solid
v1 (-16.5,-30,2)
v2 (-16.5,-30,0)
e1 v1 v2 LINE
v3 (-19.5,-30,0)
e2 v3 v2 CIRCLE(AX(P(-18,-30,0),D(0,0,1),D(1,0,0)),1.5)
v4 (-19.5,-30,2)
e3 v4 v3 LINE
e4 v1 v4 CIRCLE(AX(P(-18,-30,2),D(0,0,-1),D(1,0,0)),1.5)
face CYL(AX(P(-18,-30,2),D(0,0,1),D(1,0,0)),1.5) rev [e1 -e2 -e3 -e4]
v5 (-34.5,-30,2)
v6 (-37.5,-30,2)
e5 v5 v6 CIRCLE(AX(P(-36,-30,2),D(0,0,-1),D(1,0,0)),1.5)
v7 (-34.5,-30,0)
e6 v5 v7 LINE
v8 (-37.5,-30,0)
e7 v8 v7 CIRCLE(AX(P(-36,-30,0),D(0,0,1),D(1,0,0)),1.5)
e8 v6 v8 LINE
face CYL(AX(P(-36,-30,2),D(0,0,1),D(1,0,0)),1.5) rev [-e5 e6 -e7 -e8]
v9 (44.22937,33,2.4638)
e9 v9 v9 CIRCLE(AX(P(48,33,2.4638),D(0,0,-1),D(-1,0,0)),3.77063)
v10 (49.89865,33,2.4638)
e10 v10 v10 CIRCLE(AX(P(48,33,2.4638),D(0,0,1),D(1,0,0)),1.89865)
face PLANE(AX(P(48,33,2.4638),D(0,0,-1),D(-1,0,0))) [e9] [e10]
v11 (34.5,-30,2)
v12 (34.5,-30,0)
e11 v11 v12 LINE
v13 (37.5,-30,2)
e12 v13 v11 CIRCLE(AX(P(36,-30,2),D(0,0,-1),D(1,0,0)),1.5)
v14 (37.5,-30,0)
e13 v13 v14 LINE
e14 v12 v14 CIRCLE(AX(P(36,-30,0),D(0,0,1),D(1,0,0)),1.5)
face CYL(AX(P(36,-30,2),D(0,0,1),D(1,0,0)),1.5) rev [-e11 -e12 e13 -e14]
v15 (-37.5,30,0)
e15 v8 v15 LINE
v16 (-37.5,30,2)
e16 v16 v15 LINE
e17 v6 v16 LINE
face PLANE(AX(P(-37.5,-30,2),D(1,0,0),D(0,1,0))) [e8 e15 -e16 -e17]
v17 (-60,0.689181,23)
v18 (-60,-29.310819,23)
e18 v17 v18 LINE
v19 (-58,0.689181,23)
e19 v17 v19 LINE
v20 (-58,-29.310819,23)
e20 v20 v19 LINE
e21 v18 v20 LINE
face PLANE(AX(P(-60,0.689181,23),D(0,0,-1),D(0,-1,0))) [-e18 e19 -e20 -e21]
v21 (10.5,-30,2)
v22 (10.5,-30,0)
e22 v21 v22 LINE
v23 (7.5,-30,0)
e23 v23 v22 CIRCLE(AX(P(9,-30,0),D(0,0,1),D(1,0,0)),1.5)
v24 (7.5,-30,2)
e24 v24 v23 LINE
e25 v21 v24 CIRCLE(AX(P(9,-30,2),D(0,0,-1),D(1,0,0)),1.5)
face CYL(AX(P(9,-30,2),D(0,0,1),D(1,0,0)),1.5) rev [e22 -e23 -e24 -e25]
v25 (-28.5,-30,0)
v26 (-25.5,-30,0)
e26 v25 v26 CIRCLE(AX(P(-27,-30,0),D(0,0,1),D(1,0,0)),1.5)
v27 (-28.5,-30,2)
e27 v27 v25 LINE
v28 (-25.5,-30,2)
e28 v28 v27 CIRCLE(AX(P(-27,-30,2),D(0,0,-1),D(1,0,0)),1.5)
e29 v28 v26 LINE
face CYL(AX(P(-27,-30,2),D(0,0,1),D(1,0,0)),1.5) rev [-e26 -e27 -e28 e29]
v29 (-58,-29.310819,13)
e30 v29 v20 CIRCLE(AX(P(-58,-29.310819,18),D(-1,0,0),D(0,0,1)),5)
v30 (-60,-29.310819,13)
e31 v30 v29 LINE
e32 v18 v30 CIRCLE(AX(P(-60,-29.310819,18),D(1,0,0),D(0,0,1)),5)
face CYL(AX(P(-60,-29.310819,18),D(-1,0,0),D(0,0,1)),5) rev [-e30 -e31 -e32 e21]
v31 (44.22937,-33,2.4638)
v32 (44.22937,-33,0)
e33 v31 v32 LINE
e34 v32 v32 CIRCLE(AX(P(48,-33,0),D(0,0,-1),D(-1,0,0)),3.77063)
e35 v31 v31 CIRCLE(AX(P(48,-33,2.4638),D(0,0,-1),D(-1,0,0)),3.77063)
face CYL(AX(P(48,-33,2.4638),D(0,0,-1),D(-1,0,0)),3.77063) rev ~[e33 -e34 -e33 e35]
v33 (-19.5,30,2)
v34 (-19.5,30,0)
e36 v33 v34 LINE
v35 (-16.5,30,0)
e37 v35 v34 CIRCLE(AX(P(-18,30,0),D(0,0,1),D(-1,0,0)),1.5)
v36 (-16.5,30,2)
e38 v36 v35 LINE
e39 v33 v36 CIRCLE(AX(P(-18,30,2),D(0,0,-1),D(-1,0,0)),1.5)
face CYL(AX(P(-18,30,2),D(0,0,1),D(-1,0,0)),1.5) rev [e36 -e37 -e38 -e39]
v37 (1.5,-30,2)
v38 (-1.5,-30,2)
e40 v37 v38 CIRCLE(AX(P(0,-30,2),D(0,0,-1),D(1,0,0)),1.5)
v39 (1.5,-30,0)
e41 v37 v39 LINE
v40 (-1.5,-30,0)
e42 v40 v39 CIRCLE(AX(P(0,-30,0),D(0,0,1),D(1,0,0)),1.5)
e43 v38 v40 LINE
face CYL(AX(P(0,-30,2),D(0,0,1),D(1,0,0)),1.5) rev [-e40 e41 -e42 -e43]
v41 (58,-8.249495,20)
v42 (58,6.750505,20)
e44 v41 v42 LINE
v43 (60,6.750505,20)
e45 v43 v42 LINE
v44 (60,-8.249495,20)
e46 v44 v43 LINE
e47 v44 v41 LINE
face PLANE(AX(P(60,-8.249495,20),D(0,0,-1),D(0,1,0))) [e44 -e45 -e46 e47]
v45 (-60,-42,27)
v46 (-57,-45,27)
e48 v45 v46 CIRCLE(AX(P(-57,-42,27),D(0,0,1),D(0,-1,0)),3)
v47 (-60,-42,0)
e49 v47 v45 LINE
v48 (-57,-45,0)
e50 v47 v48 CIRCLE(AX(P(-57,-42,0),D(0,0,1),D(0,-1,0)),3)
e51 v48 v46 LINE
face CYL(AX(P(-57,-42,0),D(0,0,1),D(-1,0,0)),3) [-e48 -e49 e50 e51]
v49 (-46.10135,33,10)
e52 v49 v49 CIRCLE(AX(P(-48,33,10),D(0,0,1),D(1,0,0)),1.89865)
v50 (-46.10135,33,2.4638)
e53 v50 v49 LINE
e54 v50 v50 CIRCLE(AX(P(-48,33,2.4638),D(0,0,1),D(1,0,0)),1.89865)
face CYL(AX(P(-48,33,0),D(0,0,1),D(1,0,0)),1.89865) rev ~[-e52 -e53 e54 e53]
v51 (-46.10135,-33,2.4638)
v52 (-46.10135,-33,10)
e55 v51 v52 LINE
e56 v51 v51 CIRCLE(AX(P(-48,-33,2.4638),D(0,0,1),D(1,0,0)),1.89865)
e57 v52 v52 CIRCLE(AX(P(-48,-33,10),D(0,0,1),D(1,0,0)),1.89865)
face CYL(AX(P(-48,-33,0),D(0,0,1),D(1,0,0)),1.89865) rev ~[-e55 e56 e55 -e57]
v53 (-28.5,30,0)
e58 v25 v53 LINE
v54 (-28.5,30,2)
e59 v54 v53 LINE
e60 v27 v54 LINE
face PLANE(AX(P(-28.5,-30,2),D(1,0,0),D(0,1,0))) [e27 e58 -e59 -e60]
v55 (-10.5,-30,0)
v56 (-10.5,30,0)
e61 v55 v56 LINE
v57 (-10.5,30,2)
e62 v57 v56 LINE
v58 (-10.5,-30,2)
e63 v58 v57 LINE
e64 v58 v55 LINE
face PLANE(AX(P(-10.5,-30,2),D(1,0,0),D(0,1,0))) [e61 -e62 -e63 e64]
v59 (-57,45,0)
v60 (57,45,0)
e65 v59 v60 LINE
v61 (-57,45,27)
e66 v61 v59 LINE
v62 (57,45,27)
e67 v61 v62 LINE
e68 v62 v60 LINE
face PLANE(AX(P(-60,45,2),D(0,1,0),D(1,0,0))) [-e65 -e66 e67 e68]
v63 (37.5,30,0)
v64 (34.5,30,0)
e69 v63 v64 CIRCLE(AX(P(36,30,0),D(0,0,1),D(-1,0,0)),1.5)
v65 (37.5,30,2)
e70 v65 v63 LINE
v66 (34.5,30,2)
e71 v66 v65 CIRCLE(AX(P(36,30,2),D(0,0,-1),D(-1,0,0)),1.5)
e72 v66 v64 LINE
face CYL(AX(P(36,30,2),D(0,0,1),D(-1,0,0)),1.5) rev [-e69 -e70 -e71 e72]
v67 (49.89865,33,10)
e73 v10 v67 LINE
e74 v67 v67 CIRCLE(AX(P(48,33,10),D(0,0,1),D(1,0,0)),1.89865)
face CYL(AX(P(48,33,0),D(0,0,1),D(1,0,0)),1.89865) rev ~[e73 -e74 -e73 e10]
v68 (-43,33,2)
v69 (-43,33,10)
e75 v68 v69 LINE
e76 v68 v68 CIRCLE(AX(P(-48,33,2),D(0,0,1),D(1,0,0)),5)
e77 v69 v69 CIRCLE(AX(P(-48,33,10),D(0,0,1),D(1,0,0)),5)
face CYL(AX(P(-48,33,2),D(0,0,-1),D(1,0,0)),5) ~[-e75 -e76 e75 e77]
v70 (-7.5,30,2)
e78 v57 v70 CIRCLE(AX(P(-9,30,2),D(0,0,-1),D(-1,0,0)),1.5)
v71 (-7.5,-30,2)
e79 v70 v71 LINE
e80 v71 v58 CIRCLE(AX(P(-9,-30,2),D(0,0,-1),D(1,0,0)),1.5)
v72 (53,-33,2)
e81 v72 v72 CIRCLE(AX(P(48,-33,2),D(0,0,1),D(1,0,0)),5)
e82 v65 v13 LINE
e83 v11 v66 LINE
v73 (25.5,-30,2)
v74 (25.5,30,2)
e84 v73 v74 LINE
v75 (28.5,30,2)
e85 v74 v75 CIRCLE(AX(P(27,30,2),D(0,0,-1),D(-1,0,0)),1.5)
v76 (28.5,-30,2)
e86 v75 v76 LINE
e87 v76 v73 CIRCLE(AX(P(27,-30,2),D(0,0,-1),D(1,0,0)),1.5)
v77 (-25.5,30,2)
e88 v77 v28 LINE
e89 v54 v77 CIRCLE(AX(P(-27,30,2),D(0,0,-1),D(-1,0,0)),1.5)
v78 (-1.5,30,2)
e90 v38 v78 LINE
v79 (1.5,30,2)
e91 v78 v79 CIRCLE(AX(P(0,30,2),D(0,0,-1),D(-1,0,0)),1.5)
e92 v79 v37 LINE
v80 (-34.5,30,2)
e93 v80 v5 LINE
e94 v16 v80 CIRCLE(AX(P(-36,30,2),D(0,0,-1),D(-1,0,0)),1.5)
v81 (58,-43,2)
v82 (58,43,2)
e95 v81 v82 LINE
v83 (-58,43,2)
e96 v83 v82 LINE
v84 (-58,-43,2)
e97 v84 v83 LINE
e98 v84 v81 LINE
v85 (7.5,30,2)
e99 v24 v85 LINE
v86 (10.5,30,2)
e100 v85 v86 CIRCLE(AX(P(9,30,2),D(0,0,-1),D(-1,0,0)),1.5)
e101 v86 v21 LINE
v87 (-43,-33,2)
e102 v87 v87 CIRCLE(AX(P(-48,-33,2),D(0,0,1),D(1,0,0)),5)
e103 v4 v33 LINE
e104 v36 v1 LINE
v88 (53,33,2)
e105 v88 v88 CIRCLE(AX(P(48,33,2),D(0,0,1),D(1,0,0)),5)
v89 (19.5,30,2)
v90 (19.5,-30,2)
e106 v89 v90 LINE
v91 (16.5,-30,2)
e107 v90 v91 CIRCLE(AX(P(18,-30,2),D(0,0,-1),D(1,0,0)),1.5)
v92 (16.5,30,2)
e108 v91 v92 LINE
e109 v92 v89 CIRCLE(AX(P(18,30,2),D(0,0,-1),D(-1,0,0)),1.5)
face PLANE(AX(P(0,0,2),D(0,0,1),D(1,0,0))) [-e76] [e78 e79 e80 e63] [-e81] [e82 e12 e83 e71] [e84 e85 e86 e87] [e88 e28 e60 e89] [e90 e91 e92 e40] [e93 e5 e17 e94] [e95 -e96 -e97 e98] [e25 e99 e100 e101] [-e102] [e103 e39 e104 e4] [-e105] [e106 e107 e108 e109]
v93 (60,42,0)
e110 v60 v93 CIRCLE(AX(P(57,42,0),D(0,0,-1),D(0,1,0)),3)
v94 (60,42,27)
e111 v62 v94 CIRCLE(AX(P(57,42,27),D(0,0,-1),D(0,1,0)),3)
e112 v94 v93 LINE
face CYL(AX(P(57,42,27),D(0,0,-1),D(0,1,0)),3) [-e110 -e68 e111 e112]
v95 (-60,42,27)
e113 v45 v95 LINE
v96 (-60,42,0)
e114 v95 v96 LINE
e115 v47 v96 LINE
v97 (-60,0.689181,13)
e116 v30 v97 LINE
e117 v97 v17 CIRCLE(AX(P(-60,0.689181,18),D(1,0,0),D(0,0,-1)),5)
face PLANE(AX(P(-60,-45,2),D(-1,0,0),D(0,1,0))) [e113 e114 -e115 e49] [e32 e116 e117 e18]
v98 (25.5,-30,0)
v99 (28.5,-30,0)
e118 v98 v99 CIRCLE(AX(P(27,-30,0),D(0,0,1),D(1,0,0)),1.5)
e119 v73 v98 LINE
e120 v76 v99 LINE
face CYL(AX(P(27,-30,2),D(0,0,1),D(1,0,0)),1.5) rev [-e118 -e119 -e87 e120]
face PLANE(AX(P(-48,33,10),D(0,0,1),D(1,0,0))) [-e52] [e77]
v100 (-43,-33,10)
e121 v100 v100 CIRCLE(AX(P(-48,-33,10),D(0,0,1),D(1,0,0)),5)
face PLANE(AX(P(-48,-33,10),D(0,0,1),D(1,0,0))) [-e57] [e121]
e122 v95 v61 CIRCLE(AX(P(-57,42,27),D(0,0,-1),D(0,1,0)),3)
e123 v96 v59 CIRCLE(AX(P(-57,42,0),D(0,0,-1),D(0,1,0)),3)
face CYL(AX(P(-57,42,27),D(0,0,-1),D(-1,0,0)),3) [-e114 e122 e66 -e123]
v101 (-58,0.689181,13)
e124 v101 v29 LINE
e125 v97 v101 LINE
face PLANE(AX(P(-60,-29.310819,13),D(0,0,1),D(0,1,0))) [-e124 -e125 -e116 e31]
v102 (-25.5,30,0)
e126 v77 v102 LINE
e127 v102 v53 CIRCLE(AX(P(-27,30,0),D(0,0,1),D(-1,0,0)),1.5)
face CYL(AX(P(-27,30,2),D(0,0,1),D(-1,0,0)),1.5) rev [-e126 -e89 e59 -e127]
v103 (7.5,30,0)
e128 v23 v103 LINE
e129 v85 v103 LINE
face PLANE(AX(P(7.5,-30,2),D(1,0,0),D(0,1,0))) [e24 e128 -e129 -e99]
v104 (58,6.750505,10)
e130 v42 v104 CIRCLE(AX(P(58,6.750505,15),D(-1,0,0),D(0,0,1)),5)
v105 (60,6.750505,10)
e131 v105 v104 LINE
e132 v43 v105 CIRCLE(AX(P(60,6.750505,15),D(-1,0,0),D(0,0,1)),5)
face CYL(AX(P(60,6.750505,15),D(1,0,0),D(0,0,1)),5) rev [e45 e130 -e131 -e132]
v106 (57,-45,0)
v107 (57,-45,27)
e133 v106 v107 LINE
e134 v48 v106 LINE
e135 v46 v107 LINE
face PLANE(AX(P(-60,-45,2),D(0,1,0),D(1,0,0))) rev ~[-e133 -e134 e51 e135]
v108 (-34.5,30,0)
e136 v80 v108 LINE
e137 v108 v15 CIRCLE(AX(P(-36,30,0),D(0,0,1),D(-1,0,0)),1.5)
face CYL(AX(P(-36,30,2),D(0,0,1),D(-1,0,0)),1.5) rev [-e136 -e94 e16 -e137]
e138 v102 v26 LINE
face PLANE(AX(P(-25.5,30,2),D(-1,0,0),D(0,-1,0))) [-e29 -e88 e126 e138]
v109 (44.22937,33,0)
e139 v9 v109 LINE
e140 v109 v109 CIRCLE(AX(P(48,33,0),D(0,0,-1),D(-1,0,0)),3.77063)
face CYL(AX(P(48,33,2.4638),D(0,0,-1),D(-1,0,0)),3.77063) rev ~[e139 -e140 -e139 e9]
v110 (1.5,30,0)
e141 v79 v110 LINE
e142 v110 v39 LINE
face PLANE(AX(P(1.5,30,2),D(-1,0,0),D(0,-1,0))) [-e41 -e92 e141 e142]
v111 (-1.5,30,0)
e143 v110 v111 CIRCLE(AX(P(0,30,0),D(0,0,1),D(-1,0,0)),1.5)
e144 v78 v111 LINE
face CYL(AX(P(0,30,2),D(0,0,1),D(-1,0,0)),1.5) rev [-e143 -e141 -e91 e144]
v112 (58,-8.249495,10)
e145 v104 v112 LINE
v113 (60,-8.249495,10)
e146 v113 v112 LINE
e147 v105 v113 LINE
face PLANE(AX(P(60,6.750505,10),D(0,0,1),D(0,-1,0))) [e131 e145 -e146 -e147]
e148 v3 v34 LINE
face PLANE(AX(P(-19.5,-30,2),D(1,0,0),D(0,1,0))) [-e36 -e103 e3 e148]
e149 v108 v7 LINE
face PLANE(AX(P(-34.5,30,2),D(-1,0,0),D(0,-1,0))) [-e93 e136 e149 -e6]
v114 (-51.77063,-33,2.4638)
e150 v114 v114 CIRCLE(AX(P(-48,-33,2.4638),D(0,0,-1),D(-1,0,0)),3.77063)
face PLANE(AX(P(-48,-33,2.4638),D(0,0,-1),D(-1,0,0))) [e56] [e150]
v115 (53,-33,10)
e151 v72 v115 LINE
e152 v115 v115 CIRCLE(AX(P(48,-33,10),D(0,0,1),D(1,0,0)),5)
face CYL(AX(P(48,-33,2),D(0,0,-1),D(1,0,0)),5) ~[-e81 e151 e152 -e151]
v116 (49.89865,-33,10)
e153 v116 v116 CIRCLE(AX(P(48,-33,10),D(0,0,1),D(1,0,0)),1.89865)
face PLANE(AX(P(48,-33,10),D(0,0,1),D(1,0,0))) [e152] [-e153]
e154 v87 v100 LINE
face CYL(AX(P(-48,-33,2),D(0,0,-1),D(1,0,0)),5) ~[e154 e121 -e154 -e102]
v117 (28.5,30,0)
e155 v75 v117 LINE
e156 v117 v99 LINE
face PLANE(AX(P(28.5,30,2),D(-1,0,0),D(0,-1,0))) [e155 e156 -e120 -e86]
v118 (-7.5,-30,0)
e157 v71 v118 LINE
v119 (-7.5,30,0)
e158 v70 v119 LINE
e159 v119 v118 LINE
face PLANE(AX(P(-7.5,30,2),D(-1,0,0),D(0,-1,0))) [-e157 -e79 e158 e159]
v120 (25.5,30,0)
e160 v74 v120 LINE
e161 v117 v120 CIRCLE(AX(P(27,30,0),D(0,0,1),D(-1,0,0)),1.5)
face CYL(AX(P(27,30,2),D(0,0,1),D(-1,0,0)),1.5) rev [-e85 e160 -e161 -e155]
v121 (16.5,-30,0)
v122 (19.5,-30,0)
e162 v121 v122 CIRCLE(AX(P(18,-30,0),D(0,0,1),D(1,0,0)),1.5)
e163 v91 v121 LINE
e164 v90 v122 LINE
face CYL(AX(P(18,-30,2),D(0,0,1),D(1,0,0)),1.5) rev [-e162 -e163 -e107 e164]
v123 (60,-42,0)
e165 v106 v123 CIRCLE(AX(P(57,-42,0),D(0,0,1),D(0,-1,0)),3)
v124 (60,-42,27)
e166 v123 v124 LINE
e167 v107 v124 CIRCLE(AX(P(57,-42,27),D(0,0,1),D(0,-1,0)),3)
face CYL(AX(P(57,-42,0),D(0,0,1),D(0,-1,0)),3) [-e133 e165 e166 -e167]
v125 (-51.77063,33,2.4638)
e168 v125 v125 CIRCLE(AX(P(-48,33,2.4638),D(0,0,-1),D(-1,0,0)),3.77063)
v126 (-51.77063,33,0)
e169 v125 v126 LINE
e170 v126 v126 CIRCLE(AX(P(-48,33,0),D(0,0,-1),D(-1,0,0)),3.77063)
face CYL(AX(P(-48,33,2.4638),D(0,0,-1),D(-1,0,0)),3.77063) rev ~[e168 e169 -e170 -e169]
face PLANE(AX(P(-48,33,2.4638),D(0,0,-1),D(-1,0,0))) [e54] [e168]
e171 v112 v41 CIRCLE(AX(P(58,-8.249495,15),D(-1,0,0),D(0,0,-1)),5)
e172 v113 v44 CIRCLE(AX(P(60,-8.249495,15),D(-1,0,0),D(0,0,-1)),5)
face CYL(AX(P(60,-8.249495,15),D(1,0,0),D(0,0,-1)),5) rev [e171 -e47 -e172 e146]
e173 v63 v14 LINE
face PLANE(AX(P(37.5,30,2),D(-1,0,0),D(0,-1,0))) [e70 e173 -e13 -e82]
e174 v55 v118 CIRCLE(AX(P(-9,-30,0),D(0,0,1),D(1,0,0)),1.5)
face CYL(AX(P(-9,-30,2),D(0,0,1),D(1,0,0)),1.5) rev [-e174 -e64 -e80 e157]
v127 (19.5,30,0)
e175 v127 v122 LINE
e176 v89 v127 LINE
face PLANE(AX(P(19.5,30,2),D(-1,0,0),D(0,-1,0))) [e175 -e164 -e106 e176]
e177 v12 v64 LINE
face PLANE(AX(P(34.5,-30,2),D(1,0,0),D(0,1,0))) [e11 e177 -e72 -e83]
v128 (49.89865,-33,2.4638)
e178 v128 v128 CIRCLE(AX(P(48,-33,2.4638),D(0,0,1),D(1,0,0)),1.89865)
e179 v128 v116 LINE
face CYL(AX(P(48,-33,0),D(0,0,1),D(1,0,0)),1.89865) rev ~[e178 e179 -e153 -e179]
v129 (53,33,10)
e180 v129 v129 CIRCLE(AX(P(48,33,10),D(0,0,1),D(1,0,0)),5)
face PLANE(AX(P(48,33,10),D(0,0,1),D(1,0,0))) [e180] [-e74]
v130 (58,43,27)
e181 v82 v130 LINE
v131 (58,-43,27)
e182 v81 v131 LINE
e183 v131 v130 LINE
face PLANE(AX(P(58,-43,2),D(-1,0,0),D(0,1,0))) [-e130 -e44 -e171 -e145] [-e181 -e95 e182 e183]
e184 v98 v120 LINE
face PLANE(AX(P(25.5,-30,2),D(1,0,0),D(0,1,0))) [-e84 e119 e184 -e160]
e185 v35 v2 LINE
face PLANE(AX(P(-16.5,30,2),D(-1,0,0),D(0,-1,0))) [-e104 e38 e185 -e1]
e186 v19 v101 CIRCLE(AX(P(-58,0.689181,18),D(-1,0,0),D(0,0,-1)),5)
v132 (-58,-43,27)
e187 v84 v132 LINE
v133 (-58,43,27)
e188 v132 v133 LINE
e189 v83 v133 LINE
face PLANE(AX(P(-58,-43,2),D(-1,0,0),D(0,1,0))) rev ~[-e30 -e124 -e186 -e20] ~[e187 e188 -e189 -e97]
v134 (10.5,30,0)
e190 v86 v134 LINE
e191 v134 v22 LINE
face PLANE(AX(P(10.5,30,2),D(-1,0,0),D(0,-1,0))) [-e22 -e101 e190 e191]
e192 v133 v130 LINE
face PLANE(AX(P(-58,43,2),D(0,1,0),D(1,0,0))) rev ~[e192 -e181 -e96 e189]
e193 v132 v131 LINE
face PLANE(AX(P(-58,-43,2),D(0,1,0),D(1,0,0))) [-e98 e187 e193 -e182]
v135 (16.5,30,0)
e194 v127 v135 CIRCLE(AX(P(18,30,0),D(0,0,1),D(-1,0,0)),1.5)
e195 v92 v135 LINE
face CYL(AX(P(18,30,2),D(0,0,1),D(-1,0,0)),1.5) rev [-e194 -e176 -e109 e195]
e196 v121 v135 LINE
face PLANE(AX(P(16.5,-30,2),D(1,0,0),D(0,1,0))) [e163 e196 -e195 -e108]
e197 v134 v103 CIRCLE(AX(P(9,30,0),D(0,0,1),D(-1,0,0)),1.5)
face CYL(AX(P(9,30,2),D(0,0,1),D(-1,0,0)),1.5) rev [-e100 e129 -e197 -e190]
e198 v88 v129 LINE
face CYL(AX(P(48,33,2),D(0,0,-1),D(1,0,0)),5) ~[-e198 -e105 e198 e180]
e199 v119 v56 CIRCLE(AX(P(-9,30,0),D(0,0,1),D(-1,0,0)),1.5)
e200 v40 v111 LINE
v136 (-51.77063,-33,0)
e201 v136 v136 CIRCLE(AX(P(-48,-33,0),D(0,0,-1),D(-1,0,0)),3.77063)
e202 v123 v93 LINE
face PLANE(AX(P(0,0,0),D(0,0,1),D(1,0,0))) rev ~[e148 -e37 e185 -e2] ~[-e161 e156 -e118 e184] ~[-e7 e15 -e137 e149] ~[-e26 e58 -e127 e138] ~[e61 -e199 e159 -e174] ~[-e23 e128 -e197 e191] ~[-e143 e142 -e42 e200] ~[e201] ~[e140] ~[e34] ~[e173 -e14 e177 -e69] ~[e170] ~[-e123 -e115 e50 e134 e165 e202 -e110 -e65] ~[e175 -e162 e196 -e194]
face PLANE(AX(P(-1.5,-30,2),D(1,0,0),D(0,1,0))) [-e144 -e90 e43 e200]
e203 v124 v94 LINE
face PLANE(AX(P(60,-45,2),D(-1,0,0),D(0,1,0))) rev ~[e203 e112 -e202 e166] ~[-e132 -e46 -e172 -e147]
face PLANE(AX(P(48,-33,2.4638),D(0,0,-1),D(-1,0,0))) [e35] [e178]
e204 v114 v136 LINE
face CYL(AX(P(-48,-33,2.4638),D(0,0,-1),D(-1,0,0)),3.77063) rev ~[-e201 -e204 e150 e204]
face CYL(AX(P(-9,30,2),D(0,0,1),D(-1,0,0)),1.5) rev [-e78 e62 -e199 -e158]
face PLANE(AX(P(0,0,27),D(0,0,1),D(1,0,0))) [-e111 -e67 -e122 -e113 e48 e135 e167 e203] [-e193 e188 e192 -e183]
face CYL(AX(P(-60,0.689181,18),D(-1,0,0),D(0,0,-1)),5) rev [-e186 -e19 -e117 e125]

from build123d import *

# Parameters (mm, degrees)
ESQUISSE2_W                                      = 120
ESQUISSE2_H                                      = 90
BOSS_EXTRU_1_DEPTH                               = 2
ESQUISSE3_R                                      = 5
BOSS_EXTRU_2_DEPTH                               = 8
CHAMBRAGE_POUR_VIS_T_TE_RONDE_BOMB_E_D           = 3.7973
CHAMBRAGE_POUR_VIS_T_TE_RONDE_BOMB_E_CBORE_D     = 7.54126
CHAMBRAGE_POUR_VIS_T_TE_RONDE_BOMB_E_CBORE_DEPTH = 2.4638
R_P_TITION_LIN_AIRE1_COUNT                       = 2
R_P_TITION_LIN_AIRE1_PITCH                       = 96
R_P_TITION_LIN_AIRE1_COUNT_DIR2                  = 2
R_P_TITION_LIN_AIRE1_PITCH_DIR2                  = 66
ENL_V_MAT_EXTRU_1_DEPTH                          = 8
R_P_TITION_LIN_AIRE2_COUNT                       = 5
R_P_TITION_LIN_AIRE2_PITCH                       = 9
R_P_TITION_LIN_AIRE2_COL_COUNT                   = 5
R_P_TITION_LIN_AIRE2_COL_PITCH                   = 9
ESQUISSE8_W                                      = 120
ESQUISSE8_H                                      = 90
ESQUISSE8_W_2                                    = 116
ESQUISSE8_H_2                                    = 86
BOSS_EXTRU_3_DEPTH                               = 25
ENL_V_MAT_EXTRU_2_REACH                          = 132.973
ENL_V_MAT_EXTRU_3_DEPTH                          = 2
CONG_1_R                                         = 3


with BuildPart() as part:
    # Esquisse2 → Boss.-Extru.1 (new body)
    with BuildSketch(Plane.XY):
        Rectangle(ESQUISSE2_W, ESQUISSE2_H)
    extrude(amount=BOSS_EXTRU_1_DEPTH)

    # Esquisse3 → Boss.-Extru.2 (add)
    with BuildSketch(Plane.XY.offset(2)):
        with Locations((-48, 33)):
            Circle(ESQUISSE3_R)
        with Locations((48, 33)):
            Circle(ESQUISSE3_R)
        with Locations((48, -33)):
            Circle(ESQUISSE3_R)
        with Locations((-48, -33)):
            Circle(ESQUISSE3_R)
    extrude(amount=BOSS_EXTRU_2_DEPTH)

    # Chambrage pour vis à tête ronde bombée #61 (through all)
    with Locations(Plane(origin=(0, 0, 0), x_dir=(-1, 0, 0), z_dir=(0, 0, -1))):
        with Locations((48, -33)):
            chambrage_pour_vis_t_te_ronde_bomb_e = CounterBoreHole(CHAMBRAGE_POUR_VIS_T_TE_RONDE_BOMB_E_D / 2, CHAMBRAGE_POUR_VIS_T_TE_RONDE_BOMB_E_CBORE_D / 2, CHAMBRAGE_POUR_VIS_T_TE_RONDE_BOMB_E_CBORE_DEPTH)

    # Répétition linéaire1: Chambrage pour vis _ t_te ronde bomb_e 2 × 2
    with Locations(*[(i * R_P_TITION_LIN_AIRE1_PITCH, j * R_P_TITION_LIN_AIRE1_PITCH_DIR2, 0) for i in range(R_P_TITION_LIN_AIRE1_COUNT) for j in range(R_P_TITION_LIN_AIRE1_COUNT_DIR2) if (i, j) != (0, 0)]):
        add(chambrage_pour_vis_t_te_ronde_bomb_e, mode=Mode.SUBTRACT)

    # Esquisse7 → Enlèv. mat.-Extru.1 (cut)
    with BuildSketch(Plane.XY.offset(2)):
        with BuildLine():
            Line((-1.5, -30), (-1.5, 30))
            ThreePointArc((-1.5, 30), (0, 31.5), (1.5, 30))
            Line((1.5, 30), (1.5, -30))
            ThreePointArc((1.5, -30), (0, -31.5), (-1.5, -30))
        make_face()
    enl_v_mat_extru_1 = extrude(amount=-ENL_V_MAT_EXTRU_1_DEPTH, mode=Mode.SUBTRACT)

    # Répétition linéaire2: Enlèv. mat.-Extru.1 ×5
    with Locations(*[(-i * R_P_TITION_LIN_AIRE2_PITCH, 0, 0) for i in range(1, R_P_TITION_LIN_AIRE2_COUNT)]):
        add(enl_v_mat_extru_1, mode=Mode.SUBTRACT)

    # Répétition linéaire2 col: Enlèv. mat.-Extru.1 ×5
    with Locations(*[(i * R_P_TITION_LIN_AIRE2_COL_PITCH, 0, 0) for i in range(1, R_P_TITION_LIN_AIRE2_COL_COUNT)]):
        add(enl_v_mat_extru_1, mode=Mode.SUBTRACT)

    # Esquisse8 → Boss.-Extru.3 (add)
    with BuildSketch(Plane.XY.offset(2)):
        Rectangle(ESQUISSE8_W, ESQUISSE8_H)
        Rectangle(ESQUISSE8_W_2, ESQUISSE8_H_2, mode=Mode.SUBTRACT)
    extrude(amount=BOSS_EXTRU_3_DEPTH)

    # Esquisse9 → Enlèv. mat.-Extru.2 (cut, up to next)
    with BuildSketch(Plane.ZY.offset(60), mode=Mode.PRIVATE) as enl_v_mat_extru_2_sk1:
        with BuildLine():
            Line((23, 0.689181082), (23, -29.310818918))
            ThreePointArc((23, -29.310818918), (18, -34.310818918), (13, -29.310818918))
            Line((13, -29.310818918), (13, 0.689181082))
            ThreePointArc((13, 0.689181082), (18, 5.689181082), (23, 0.689181082))
        make_face()
    enl_v_mat_extru_2_tool1 = extrude(enl_v_mat_extru_2_sk1.sketch, amount=-ENL_V_MAT_EXTRU_2_REACH, mode=Mode.PRIVATE) & part.part
    add(enl_v_mat_extru_2_tool1.solids().sort_by_distance((-60, -14.310819, 18))[0], mode=Mode.SUBTRACT)

    # Esquisse10 → Enlèv. mat.-Extru.3 (cut)
    with BuildSketch(Plane(origin=(60, 0, 0), x_dir=(0, 0, -1), z_dir=(1, 0, 0))):
        with BuildLine():
            Line((-20, -8.249494847), (-20, 6.750505153))
            ThreePointArc((-20, 6.750505153), (-15, 11.750505153), (-10, 6.750505153))
            Line((-10, 6.750505153), (-10, -8.249494847))
            ThreePointArc((-10, -8.249494847), (-15, -13.249494847), (-20, -8.249494847))
        make_face()
    extrude(amount=-ENL_V_MAT_EXTRU_3_DEPTH, mode=Mode.SUBTRACT)

    # Congé1
    cong_1_edges = [part.edges().sort_by_distance(p)[0] for p in [
        (-60, 45, 13.5),
        (60, 45, 13.5),
        (60, -45, 13.5),
        (-60, -45, 13.5),
    ]]
    fillet(cong_1_edges, radius=CONG_1_R)


solid = part.part
